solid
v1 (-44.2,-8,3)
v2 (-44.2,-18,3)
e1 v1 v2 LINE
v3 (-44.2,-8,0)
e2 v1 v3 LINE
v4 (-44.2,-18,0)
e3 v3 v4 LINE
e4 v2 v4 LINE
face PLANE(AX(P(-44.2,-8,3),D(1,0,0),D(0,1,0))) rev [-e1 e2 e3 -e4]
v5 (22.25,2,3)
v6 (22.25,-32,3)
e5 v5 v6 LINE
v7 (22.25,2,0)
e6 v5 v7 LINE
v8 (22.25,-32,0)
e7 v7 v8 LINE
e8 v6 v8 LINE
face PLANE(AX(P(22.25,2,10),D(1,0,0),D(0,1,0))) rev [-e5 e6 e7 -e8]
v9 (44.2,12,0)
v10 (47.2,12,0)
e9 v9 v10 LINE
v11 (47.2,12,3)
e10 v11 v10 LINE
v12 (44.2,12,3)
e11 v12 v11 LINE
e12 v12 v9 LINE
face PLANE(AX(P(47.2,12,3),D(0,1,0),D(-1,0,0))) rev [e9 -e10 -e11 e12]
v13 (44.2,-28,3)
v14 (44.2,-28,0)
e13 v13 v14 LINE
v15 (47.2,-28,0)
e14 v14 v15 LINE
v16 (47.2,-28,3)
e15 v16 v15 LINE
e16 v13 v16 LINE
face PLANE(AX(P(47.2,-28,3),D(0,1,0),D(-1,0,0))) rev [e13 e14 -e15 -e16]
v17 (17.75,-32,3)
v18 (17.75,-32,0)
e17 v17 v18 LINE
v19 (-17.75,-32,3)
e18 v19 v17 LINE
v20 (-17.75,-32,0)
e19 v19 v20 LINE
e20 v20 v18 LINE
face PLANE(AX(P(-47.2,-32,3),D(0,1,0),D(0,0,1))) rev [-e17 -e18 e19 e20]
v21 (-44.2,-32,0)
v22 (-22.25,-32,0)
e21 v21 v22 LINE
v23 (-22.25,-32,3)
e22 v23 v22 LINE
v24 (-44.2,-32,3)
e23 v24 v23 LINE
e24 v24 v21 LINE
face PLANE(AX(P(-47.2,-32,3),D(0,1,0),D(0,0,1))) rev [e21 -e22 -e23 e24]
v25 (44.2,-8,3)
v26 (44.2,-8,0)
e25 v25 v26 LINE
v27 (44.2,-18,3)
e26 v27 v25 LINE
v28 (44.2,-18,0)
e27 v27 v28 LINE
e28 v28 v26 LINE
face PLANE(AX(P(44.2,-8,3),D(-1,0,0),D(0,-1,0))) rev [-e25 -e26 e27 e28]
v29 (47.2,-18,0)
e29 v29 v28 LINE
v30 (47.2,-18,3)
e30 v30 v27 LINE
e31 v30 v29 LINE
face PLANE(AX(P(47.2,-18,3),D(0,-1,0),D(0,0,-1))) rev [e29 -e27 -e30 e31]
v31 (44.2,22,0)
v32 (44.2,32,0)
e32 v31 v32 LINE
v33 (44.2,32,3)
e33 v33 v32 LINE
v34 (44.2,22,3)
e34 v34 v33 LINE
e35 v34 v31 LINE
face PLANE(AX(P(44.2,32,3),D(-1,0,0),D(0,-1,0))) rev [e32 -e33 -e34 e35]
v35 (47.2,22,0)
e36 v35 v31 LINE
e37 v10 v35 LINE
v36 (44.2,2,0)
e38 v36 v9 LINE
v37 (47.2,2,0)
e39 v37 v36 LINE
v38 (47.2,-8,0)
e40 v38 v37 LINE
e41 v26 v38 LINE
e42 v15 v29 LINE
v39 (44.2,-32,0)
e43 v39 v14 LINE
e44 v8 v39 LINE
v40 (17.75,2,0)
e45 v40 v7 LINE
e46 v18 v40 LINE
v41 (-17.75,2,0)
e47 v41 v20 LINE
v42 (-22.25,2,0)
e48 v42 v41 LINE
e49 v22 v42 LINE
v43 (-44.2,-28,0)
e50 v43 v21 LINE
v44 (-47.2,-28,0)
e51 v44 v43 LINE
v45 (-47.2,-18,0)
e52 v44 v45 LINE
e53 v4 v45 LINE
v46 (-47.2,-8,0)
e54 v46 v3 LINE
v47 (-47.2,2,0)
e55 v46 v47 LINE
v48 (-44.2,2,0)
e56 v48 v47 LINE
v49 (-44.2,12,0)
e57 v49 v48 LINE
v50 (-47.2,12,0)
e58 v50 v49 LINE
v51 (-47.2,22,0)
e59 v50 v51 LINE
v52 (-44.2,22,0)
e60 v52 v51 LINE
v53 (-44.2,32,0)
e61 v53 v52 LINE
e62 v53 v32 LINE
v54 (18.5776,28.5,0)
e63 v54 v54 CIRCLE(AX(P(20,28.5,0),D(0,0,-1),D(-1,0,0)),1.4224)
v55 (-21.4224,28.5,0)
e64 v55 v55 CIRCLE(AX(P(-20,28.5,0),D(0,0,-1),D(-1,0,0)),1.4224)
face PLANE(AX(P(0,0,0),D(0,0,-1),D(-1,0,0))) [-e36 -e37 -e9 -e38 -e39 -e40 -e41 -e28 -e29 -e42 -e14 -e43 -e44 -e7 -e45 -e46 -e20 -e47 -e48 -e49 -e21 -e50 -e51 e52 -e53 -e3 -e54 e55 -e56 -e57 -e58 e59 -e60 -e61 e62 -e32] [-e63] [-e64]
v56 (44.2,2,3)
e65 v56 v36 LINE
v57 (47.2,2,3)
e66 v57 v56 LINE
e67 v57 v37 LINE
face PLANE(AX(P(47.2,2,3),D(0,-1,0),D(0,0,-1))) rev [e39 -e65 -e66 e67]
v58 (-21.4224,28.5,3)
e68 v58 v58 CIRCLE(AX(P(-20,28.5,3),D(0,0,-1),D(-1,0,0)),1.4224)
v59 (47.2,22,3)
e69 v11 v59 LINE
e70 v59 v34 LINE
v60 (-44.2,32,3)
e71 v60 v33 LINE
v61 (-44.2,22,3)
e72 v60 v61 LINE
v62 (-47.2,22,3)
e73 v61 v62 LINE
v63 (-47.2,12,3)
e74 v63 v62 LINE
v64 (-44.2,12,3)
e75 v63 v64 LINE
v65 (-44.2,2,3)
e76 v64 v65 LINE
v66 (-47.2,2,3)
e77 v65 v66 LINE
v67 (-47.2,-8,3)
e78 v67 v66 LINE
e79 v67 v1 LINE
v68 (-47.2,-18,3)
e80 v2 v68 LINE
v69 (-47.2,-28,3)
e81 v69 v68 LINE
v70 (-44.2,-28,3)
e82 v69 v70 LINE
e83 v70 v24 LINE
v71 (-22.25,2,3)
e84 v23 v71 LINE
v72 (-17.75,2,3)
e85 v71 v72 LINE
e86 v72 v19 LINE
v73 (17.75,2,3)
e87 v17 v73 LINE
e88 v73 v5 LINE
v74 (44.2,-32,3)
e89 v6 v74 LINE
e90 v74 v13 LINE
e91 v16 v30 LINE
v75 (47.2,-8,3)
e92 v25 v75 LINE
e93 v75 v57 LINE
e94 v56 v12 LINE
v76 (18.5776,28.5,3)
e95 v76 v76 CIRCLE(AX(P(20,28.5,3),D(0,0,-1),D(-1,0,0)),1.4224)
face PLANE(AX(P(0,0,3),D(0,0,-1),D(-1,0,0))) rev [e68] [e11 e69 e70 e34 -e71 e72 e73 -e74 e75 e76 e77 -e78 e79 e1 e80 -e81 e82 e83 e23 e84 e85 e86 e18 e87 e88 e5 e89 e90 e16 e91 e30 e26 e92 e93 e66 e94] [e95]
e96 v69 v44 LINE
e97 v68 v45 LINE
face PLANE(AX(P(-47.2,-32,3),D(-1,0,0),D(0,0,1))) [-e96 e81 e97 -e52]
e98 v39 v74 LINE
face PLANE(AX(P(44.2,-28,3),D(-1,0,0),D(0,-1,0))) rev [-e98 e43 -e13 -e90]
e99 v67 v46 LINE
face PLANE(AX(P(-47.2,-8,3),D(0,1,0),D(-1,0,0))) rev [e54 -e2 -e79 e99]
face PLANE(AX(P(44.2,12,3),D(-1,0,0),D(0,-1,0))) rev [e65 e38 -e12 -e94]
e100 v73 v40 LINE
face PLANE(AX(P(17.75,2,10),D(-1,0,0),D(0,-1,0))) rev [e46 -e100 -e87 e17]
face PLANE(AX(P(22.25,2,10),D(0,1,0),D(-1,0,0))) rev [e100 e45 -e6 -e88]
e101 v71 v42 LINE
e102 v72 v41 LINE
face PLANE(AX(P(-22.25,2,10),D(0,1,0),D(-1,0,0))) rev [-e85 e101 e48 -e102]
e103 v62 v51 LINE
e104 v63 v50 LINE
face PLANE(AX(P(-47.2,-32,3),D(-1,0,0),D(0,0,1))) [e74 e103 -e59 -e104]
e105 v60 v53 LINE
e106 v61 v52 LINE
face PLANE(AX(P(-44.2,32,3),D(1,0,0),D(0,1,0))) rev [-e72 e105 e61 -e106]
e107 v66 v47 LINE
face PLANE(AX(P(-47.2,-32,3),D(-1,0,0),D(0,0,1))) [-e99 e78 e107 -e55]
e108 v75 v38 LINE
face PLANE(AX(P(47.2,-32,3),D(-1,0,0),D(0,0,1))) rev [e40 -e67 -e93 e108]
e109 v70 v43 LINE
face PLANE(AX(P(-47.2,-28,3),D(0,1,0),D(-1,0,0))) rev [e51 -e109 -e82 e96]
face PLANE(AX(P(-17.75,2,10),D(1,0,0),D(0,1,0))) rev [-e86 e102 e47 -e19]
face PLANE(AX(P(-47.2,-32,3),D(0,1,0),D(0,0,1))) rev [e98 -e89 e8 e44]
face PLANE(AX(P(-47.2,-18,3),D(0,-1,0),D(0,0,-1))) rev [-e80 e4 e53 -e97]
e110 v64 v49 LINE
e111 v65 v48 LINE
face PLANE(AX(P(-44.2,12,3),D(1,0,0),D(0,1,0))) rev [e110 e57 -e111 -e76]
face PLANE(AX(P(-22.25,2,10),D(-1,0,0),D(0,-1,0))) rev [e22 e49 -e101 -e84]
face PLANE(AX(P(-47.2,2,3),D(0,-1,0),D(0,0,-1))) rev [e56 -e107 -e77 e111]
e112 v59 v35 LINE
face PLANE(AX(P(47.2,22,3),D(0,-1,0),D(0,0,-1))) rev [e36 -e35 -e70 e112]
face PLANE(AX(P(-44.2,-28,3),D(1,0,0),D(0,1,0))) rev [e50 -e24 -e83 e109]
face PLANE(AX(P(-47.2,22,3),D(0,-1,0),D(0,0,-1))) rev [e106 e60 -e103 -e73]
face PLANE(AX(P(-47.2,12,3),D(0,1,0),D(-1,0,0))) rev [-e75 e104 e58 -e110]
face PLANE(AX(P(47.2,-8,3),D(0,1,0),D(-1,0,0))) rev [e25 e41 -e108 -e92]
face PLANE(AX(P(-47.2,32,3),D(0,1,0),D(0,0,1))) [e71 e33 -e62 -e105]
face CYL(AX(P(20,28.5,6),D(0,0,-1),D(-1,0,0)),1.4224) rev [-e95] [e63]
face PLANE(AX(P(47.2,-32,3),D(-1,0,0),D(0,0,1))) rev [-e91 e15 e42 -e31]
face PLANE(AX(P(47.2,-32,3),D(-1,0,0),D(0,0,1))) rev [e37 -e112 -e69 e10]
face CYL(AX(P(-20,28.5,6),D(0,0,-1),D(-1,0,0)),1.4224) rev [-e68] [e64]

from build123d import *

# Parameters (mm, degrees)
SKETCH1_W           = 94.4
SKETCH1_H           = 64
BOSS_EXTRUDE1_DEPTH = 3
SKETCH2_W           = 3
SKETCH2_H           = 10
CUT_EXTRUDE1_DEPTH  = 3
SKETCH3_W           = 4.5
SKETCH3_H           = 34
CUT_EXTRUDE2_DEPTH  = 10
SKETCH4_R           = 1.4224
CUT_EXTRUDE3_DEPTH  = 6


with BuildPart() as part:
    # Sketch1 → Boss-Extrude1 (new body)
    with BuildSketch(Plane.XY):
        Rectangle(SKETCH1_W, SKETCH1_H)
    extrude(amount=BOSS_EXTRUDE1_DEPTH)

    # Sketch2 → Cut-Extrude1 (cut)
    with BuildSketch(Plane(origin=(0, 0, 0), x_dir=(-1, 0, 0), z_dir=(0, 0, -1))):
        with Locations((-45.7, 7)):
            Rectangle(SKETCH2_W, SKETCH2_H)
        with Locations((-45.7, 27)):
            Rectangle(SKETCH2_W, SKETCH2_H)
        with Locations((-45.7, -13)):
            Rectangle(SKETCH2_W, SKETCH2_H)
        with Locations((-45.7, -33)):
            Rectangle(SKETCH2_W, SKETCH2_H)
        with Locations((45.7, -33)):
            Rectangle(SKETCH2_W, SKETCH2_H)
        with Locations((45.7, -13)):
            Rectangle(SKETCH2_W, SKETCH2_H)
        with Locations((45.7, 7)):
            Rectangle(SKETCH2_W, SKETCH2_H)
        with Locations((45.7, 27)):
            Rectangle(SKETCH2_W, SKETCH2_H)
    extrude(amount=-CUT_EXTRUDE1_DEPTH, mode=Mode.SUBTRACT)

    # Sketch3 → Cut-Extrude2 (cut)
    with BuildSketch(Plane(origin=(0, 0, 0), x_dir=(-1, 0, 0), z_dir=(0, 0, -1))):
        with Locations((-20, -15)):
            Rectangle(SKETCH3_W, SKETCH3_H)
        with Locations((20, -15)):
            Rectangle(SKETCH3_W, SKETCH3_H)
    extrude(amount=-CUT_EXTRUDE2_DEPTH, mode=Mode.SUBTRACT)

    # Sketch4 → Cut-Extrude3 (cut)
    with BuildSketch(Plane(origin=(0, 0, 0), x_dir=(-1, 0, 0), z_dir=(0, 0, -1))):
        with Locations((-20, 28.5)):
            Circle(SKETCH4_R)
        with Locations((20, 28.5)):
            Circle(SKETCH4_R)
    extrude(amount=-CUT_EXTRUDE3_DEPTH, mode=Mode.SUBTRACT)


solid = part.part
